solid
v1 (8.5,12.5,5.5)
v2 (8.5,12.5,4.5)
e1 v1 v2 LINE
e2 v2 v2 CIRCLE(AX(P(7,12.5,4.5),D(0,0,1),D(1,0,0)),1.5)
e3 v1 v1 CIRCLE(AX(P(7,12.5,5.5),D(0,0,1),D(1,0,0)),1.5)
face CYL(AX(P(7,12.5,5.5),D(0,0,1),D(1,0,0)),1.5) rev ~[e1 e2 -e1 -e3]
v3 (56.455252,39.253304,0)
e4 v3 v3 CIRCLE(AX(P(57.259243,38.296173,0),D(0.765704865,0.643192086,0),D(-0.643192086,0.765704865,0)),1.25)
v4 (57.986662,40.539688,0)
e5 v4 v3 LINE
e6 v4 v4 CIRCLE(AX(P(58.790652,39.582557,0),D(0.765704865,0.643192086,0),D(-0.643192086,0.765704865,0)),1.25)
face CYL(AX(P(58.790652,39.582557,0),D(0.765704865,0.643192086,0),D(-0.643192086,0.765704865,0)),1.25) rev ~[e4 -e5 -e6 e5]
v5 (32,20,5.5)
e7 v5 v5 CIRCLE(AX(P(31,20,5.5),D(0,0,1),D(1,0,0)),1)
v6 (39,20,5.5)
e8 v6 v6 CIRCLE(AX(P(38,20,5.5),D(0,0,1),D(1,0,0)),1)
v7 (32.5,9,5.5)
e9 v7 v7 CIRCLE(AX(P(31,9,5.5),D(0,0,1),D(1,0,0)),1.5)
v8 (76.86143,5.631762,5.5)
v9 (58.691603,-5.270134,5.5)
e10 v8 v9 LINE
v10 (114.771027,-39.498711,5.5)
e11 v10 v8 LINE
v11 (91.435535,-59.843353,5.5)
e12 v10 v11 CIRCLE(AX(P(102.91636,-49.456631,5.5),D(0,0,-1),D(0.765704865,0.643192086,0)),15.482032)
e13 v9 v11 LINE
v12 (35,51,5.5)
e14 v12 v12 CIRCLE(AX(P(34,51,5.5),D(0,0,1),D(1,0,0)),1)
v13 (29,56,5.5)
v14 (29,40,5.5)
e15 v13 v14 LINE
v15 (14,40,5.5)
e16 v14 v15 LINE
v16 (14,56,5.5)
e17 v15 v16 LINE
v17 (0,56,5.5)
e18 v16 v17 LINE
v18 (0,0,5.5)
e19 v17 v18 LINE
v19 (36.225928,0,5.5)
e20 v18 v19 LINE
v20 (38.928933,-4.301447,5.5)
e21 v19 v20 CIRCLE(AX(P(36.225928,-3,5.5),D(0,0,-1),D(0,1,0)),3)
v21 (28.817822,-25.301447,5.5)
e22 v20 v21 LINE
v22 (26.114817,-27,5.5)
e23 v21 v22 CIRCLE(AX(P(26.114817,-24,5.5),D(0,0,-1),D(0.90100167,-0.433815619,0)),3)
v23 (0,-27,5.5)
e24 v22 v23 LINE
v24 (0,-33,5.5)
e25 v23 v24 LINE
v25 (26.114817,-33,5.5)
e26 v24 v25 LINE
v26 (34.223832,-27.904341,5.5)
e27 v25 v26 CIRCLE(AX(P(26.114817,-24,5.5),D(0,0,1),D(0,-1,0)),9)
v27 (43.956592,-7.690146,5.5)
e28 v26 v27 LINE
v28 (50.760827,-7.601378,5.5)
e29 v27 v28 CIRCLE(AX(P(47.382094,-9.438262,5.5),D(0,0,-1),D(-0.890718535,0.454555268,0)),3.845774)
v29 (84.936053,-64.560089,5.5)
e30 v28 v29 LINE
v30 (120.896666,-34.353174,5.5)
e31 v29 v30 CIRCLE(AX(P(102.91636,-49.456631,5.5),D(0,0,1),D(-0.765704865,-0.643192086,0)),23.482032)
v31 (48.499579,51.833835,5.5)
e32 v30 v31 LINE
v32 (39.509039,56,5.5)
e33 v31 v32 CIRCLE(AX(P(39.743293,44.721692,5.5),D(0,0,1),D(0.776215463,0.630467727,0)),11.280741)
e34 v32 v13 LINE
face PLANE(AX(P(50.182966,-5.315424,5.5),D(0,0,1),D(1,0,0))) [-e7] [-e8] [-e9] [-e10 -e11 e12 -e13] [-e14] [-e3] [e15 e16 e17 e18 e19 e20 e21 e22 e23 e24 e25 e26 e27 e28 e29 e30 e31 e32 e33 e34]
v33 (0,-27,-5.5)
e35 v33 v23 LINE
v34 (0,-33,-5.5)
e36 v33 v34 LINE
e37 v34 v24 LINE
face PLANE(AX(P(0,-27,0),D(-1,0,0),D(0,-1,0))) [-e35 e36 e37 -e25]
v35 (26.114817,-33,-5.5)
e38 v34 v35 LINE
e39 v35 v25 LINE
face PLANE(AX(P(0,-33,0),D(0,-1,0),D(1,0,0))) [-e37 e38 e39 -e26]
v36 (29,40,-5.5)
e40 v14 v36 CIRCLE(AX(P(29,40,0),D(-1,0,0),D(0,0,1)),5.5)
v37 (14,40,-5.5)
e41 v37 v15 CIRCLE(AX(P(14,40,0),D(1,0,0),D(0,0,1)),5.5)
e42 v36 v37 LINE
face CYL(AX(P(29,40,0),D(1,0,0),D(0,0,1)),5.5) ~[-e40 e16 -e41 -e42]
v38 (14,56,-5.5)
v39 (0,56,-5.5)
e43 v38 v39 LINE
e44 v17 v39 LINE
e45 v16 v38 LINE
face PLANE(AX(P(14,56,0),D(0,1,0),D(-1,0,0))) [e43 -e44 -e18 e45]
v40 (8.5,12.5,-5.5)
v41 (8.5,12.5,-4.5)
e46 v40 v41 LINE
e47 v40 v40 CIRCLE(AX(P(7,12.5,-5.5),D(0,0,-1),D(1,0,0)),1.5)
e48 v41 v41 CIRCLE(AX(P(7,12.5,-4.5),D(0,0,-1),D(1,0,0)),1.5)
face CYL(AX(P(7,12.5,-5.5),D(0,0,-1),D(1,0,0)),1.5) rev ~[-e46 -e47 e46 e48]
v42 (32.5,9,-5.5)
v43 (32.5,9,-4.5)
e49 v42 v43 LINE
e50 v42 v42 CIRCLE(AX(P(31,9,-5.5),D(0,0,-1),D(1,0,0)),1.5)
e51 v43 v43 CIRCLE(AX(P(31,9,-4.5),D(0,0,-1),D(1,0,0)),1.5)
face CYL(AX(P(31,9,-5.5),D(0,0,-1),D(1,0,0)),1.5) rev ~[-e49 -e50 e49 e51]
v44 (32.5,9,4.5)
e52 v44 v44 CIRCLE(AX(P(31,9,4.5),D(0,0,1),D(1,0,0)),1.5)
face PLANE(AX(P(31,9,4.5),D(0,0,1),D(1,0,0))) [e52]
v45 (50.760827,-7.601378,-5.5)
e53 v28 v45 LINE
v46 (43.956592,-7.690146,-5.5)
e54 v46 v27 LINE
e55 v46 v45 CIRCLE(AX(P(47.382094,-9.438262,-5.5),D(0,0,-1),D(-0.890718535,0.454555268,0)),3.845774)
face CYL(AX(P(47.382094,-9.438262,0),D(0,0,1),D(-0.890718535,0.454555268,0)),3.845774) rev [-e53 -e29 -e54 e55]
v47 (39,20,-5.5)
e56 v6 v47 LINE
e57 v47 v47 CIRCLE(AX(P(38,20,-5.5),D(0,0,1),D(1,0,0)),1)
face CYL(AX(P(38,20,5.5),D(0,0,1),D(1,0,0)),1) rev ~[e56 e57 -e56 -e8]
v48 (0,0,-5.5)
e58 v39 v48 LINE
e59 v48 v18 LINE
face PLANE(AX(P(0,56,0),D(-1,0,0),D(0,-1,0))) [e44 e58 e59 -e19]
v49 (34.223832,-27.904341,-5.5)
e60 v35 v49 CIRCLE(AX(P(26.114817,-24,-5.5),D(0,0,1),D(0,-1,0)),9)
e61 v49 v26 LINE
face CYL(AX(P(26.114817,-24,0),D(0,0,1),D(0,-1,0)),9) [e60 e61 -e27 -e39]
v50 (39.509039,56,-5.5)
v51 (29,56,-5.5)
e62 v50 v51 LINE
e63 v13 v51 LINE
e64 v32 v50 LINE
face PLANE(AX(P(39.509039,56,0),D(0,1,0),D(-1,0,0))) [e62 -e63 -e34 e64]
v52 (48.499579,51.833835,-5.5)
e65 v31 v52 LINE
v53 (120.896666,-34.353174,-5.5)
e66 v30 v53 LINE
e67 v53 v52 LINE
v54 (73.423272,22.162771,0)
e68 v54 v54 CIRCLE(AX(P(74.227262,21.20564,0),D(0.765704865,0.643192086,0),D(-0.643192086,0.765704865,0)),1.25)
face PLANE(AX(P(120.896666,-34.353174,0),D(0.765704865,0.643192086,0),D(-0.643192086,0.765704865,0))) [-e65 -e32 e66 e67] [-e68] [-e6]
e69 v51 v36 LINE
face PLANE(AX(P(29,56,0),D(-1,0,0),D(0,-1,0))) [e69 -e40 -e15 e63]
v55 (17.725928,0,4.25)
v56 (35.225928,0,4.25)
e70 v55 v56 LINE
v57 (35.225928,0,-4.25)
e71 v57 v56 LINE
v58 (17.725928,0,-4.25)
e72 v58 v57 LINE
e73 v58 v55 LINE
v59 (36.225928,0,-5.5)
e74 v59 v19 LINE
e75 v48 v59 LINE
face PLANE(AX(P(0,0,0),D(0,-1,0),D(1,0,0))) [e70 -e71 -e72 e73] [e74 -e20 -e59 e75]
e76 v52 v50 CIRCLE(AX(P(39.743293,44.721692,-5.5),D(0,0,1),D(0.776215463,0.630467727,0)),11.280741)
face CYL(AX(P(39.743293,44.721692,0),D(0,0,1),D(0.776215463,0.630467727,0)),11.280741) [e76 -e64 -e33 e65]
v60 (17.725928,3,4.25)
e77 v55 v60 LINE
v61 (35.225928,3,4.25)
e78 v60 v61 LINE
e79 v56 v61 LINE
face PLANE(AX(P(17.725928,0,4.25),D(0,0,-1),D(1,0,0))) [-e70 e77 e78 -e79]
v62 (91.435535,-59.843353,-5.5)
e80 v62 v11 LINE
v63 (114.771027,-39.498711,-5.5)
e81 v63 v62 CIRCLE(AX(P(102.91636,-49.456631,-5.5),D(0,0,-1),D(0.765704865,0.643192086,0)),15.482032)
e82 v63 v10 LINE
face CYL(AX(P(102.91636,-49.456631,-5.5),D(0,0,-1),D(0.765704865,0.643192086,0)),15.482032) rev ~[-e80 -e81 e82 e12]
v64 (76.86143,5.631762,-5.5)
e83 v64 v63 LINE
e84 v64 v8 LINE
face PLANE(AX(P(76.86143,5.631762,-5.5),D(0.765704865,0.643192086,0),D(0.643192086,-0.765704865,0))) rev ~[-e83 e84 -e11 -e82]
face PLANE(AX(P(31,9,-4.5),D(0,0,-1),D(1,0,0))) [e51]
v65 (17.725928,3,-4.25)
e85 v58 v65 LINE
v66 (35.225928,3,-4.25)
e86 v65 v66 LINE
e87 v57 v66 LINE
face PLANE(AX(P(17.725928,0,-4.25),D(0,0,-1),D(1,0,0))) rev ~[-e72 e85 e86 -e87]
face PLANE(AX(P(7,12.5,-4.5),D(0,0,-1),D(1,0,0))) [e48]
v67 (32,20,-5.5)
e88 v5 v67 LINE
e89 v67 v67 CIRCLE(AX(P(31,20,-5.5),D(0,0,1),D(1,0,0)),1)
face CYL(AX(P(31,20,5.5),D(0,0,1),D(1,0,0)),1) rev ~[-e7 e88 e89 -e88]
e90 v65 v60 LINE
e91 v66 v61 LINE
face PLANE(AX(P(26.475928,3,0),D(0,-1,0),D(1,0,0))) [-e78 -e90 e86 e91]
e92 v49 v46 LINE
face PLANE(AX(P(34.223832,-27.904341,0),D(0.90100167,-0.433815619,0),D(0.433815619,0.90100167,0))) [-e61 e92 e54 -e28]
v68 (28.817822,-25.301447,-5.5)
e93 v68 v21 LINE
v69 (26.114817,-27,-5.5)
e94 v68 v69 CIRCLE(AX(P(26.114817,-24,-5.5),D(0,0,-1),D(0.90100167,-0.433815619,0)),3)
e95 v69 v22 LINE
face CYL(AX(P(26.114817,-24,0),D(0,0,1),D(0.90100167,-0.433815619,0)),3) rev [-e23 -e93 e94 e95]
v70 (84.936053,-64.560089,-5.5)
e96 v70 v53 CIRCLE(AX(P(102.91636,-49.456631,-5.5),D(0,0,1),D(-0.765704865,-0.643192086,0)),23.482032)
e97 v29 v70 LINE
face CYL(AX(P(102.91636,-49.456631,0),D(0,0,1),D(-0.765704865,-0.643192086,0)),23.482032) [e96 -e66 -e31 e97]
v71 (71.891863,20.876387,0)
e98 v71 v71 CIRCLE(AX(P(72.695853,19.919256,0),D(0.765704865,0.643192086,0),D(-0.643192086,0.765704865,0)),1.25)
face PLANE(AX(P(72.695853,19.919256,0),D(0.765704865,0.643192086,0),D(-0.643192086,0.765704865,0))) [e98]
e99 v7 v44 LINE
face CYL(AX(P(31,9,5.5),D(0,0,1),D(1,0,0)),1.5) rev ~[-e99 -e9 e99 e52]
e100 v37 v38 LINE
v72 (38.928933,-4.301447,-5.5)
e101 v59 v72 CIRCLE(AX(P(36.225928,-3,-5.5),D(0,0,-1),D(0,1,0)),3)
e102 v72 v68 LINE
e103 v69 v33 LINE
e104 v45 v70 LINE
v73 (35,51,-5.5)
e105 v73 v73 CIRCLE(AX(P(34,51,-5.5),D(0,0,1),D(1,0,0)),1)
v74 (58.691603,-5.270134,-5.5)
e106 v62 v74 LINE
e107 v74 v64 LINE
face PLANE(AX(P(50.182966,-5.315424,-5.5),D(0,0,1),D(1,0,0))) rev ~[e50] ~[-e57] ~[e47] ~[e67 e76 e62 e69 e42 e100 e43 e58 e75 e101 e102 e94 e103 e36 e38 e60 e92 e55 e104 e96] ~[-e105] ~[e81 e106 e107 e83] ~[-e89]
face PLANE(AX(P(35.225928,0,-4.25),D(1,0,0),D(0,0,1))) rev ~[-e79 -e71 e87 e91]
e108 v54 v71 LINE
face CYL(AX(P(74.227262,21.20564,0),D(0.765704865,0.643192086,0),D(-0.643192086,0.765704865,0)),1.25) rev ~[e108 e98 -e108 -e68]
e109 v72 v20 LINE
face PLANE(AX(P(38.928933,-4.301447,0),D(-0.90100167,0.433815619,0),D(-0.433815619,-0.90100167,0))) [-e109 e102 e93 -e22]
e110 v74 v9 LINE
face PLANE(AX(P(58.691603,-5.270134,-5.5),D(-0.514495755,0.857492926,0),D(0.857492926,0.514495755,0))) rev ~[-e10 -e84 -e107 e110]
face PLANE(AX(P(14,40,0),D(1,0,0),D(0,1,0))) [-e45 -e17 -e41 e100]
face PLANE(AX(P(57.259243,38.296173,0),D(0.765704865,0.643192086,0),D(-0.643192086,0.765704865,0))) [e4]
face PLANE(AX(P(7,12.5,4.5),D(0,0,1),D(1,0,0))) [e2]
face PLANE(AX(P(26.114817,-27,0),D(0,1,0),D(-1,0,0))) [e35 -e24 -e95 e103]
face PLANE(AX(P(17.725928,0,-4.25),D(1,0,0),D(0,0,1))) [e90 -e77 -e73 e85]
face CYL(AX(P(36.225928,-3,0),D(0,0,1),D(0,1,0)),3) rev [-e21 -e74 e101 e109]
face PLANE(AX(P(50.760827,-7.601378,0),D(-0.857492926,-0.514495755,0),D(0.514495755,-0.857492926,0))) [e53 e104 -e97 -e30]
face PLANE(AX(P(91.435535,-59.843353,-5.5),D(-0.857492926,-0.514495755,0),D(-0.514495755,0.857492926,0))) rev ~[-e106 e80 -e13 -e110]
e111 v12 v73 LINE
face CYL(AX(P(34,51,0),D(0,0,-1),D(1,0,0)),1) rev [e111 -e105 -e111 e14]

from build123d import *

# Parameters (mm, degrees)
F0_R      = 1
F1_DEPTH  = 5.5
F3_DEPTH  = 25
F4_R      = 1
F5_DEPTH  = 11.001
F6_W      = 17.5
F6_H      = 8.5
F7_DEPTH  = 3
F8_R      = 1.25
F9_DEPTH  = 2
F10_R     = 1.5
F11_DEPTH = 1
F12_R     = 1.5
F13_DEPTH = 1
F15_DEPTH = 25


with BuildPart() as f1:
    # F0 (on Top) → F1 (new body, symmetric)
    with BuildSketch(Plane.XY):
        with BuildLine():
            Line((0, 56), (0, 0))
            Line((0, 0), (36.2259279858, 0))
            ThreePointArc((36.2259279858, 0), (38.7660402441, -1.4038077448), (38.9289329951, -4.3014468563))
            Line((38.9289329951, -4.3014468563), (28.817821884, -25.3014468563))
            ThreePointArc((28.817821884, -25.3014468563), (27.7110091299, -26.5401122582), (26.1148168747, -27))
            Line((26.1148168747, -27), (0, -27))
            Line((0, -27), (0, -33))
            Line((0, -33), (26.1148168747, -33))
            ThreePointArc((26.1148168747, -33), (30.9033936403, -31.6203367747), (34.2238319025, -27.904340569))
            Line((34.2238319025, -27.904340569), (43.9565924234, -7.690145641))
            ThreePointArc((43.9565924234, -7.690145641), (47.3319268627, -5.59281579), (50.7608266635, -7.6013777725))
            Line((50.7608266635, -7.6013777725), (84.9360533184, -64.560088864))
            ThreePointArc((84.9360533184, -64.560088864), (118.0198171676, -67.4369378944), (120.8966661979, -34.3531740452))
            Line((120.8966661979, -34.3531740452), (48.4995788875, 51.8338346577))
            ThreePointArc((48.4995788875, 51.8338346577), (44.4862343011, 54.9569066089), (39.5090393722, 56))
            Line((39.5090393722, 56), (29, 56))
            Line((29, 56), (29, 40))
            Line((29, 40), (14, 40))
            Line((14, 40), (14, 56))
            Line((14, 56), (0, 56))
        make_face()
        with Locations((34, 51)):
            Circle(F0_R, mode=Mode.SUBTRACT)
    extrude(amount=F1_DEPTH, both=True)

    # F2 (on face) → F3 (join)
    with BuildSketch(Plane(origin=(29, 0, 0), x_dir=(0, -1, 0), z_dir=(-1, 0, 0))):
        with BuildLine():
            ThreePointArc((-40, 5.5), (-45.5, 0), (-40, -5.5))
            Line((-40, -5.5), (-40, 5.5))
        make_face()
    extrude(amount=F3_DEPTH)

    # F4 (on face) → F5 (cut, through all)
    with BuildSketch(Plane.XY.offset(5.5)):
        with Locations((31, 20)):
            Circle(F4_R)
        with Locations((38, 20)):
            Circle(F4_R)
    extrude(amount=-F5_DEPTH, mode=Mode.SUBTRACT)

    # F6 (on face) → F7 (cut)
    with BuildSketch(Plane.XZ):
        with Locations((26.4759279858, 0)):
            Rectangle(F6_W, F6_H)
    extrude(amount=-F7_DEPTH, mode=Mode.SUBTRACT)

    # F8 (on face) → F9 (cut)
    with BuildSketch(Plane(origin=(53.9634146341, 45.3292682927, 0), x_dir=(-0.6431920864, 0.7657048648, 0), z_dir=(0.7657048648, 0.6431920864, 0))):
        with Locations((-31.5051259772, 0)):
            Circle(F8_R)
        with Locations((-7.5051259772, 0)):
            Circle(F8_R)
    extrude(amount=-F9_DEPTH, mode=Mode.SUBTRACT)

    # F10 (on face) → F11 (cut)
    with BuildSketch(Plane.XY.offset(5.5)):
        with Locations((7, 12.5)):
            Circle(F10_R)
        with Locations((31, 9)):
            Circle(F10_R)
    extrude(amount=-F11_DEPTH, mode=Mode.SUBTRACT)

    # F12 (on face) → F13 (cut)
    with BuildSketch(Plane(origin=(0, 0, -5.5), x_dir=(1, 0, 0), z_dir=(0, 0, -1))):
        with Locations((7, -12.5)):
            Circle(F12_R)
        with Locations((31, -9)):
            Circle(F12_R)
    extrude(amount=-F13_DEPTH, mode=Mode.SUBTRACT)

    # F14 (on face) → F15 (cut)
    with BuildSketch(Plane(origin=(0, 0, -5.5), x_dir=(1, 0, 0), z_dir=(0, 0, -1))):
        with BuildLine():
            Line((58.6916033415, 5.2701338496), (76.8614300391, -5.6317621689))
            Line((76.8614300391, -5.6317621689), (114.7710272796, 39.4987107366))
            ThreePointArc((114.7710272796, 39.4987107366), (113.0903982462, 61.1263473001), (91.4355349705, 59.8433532312))
            Line((91.4355349705, 59.8433532312), (58.6916033415, 5.2701338496))
        make_face()
    extrude(amount=-F15_DEPTH, mode=Mode.SUBTRACT)


solid = f1.part
